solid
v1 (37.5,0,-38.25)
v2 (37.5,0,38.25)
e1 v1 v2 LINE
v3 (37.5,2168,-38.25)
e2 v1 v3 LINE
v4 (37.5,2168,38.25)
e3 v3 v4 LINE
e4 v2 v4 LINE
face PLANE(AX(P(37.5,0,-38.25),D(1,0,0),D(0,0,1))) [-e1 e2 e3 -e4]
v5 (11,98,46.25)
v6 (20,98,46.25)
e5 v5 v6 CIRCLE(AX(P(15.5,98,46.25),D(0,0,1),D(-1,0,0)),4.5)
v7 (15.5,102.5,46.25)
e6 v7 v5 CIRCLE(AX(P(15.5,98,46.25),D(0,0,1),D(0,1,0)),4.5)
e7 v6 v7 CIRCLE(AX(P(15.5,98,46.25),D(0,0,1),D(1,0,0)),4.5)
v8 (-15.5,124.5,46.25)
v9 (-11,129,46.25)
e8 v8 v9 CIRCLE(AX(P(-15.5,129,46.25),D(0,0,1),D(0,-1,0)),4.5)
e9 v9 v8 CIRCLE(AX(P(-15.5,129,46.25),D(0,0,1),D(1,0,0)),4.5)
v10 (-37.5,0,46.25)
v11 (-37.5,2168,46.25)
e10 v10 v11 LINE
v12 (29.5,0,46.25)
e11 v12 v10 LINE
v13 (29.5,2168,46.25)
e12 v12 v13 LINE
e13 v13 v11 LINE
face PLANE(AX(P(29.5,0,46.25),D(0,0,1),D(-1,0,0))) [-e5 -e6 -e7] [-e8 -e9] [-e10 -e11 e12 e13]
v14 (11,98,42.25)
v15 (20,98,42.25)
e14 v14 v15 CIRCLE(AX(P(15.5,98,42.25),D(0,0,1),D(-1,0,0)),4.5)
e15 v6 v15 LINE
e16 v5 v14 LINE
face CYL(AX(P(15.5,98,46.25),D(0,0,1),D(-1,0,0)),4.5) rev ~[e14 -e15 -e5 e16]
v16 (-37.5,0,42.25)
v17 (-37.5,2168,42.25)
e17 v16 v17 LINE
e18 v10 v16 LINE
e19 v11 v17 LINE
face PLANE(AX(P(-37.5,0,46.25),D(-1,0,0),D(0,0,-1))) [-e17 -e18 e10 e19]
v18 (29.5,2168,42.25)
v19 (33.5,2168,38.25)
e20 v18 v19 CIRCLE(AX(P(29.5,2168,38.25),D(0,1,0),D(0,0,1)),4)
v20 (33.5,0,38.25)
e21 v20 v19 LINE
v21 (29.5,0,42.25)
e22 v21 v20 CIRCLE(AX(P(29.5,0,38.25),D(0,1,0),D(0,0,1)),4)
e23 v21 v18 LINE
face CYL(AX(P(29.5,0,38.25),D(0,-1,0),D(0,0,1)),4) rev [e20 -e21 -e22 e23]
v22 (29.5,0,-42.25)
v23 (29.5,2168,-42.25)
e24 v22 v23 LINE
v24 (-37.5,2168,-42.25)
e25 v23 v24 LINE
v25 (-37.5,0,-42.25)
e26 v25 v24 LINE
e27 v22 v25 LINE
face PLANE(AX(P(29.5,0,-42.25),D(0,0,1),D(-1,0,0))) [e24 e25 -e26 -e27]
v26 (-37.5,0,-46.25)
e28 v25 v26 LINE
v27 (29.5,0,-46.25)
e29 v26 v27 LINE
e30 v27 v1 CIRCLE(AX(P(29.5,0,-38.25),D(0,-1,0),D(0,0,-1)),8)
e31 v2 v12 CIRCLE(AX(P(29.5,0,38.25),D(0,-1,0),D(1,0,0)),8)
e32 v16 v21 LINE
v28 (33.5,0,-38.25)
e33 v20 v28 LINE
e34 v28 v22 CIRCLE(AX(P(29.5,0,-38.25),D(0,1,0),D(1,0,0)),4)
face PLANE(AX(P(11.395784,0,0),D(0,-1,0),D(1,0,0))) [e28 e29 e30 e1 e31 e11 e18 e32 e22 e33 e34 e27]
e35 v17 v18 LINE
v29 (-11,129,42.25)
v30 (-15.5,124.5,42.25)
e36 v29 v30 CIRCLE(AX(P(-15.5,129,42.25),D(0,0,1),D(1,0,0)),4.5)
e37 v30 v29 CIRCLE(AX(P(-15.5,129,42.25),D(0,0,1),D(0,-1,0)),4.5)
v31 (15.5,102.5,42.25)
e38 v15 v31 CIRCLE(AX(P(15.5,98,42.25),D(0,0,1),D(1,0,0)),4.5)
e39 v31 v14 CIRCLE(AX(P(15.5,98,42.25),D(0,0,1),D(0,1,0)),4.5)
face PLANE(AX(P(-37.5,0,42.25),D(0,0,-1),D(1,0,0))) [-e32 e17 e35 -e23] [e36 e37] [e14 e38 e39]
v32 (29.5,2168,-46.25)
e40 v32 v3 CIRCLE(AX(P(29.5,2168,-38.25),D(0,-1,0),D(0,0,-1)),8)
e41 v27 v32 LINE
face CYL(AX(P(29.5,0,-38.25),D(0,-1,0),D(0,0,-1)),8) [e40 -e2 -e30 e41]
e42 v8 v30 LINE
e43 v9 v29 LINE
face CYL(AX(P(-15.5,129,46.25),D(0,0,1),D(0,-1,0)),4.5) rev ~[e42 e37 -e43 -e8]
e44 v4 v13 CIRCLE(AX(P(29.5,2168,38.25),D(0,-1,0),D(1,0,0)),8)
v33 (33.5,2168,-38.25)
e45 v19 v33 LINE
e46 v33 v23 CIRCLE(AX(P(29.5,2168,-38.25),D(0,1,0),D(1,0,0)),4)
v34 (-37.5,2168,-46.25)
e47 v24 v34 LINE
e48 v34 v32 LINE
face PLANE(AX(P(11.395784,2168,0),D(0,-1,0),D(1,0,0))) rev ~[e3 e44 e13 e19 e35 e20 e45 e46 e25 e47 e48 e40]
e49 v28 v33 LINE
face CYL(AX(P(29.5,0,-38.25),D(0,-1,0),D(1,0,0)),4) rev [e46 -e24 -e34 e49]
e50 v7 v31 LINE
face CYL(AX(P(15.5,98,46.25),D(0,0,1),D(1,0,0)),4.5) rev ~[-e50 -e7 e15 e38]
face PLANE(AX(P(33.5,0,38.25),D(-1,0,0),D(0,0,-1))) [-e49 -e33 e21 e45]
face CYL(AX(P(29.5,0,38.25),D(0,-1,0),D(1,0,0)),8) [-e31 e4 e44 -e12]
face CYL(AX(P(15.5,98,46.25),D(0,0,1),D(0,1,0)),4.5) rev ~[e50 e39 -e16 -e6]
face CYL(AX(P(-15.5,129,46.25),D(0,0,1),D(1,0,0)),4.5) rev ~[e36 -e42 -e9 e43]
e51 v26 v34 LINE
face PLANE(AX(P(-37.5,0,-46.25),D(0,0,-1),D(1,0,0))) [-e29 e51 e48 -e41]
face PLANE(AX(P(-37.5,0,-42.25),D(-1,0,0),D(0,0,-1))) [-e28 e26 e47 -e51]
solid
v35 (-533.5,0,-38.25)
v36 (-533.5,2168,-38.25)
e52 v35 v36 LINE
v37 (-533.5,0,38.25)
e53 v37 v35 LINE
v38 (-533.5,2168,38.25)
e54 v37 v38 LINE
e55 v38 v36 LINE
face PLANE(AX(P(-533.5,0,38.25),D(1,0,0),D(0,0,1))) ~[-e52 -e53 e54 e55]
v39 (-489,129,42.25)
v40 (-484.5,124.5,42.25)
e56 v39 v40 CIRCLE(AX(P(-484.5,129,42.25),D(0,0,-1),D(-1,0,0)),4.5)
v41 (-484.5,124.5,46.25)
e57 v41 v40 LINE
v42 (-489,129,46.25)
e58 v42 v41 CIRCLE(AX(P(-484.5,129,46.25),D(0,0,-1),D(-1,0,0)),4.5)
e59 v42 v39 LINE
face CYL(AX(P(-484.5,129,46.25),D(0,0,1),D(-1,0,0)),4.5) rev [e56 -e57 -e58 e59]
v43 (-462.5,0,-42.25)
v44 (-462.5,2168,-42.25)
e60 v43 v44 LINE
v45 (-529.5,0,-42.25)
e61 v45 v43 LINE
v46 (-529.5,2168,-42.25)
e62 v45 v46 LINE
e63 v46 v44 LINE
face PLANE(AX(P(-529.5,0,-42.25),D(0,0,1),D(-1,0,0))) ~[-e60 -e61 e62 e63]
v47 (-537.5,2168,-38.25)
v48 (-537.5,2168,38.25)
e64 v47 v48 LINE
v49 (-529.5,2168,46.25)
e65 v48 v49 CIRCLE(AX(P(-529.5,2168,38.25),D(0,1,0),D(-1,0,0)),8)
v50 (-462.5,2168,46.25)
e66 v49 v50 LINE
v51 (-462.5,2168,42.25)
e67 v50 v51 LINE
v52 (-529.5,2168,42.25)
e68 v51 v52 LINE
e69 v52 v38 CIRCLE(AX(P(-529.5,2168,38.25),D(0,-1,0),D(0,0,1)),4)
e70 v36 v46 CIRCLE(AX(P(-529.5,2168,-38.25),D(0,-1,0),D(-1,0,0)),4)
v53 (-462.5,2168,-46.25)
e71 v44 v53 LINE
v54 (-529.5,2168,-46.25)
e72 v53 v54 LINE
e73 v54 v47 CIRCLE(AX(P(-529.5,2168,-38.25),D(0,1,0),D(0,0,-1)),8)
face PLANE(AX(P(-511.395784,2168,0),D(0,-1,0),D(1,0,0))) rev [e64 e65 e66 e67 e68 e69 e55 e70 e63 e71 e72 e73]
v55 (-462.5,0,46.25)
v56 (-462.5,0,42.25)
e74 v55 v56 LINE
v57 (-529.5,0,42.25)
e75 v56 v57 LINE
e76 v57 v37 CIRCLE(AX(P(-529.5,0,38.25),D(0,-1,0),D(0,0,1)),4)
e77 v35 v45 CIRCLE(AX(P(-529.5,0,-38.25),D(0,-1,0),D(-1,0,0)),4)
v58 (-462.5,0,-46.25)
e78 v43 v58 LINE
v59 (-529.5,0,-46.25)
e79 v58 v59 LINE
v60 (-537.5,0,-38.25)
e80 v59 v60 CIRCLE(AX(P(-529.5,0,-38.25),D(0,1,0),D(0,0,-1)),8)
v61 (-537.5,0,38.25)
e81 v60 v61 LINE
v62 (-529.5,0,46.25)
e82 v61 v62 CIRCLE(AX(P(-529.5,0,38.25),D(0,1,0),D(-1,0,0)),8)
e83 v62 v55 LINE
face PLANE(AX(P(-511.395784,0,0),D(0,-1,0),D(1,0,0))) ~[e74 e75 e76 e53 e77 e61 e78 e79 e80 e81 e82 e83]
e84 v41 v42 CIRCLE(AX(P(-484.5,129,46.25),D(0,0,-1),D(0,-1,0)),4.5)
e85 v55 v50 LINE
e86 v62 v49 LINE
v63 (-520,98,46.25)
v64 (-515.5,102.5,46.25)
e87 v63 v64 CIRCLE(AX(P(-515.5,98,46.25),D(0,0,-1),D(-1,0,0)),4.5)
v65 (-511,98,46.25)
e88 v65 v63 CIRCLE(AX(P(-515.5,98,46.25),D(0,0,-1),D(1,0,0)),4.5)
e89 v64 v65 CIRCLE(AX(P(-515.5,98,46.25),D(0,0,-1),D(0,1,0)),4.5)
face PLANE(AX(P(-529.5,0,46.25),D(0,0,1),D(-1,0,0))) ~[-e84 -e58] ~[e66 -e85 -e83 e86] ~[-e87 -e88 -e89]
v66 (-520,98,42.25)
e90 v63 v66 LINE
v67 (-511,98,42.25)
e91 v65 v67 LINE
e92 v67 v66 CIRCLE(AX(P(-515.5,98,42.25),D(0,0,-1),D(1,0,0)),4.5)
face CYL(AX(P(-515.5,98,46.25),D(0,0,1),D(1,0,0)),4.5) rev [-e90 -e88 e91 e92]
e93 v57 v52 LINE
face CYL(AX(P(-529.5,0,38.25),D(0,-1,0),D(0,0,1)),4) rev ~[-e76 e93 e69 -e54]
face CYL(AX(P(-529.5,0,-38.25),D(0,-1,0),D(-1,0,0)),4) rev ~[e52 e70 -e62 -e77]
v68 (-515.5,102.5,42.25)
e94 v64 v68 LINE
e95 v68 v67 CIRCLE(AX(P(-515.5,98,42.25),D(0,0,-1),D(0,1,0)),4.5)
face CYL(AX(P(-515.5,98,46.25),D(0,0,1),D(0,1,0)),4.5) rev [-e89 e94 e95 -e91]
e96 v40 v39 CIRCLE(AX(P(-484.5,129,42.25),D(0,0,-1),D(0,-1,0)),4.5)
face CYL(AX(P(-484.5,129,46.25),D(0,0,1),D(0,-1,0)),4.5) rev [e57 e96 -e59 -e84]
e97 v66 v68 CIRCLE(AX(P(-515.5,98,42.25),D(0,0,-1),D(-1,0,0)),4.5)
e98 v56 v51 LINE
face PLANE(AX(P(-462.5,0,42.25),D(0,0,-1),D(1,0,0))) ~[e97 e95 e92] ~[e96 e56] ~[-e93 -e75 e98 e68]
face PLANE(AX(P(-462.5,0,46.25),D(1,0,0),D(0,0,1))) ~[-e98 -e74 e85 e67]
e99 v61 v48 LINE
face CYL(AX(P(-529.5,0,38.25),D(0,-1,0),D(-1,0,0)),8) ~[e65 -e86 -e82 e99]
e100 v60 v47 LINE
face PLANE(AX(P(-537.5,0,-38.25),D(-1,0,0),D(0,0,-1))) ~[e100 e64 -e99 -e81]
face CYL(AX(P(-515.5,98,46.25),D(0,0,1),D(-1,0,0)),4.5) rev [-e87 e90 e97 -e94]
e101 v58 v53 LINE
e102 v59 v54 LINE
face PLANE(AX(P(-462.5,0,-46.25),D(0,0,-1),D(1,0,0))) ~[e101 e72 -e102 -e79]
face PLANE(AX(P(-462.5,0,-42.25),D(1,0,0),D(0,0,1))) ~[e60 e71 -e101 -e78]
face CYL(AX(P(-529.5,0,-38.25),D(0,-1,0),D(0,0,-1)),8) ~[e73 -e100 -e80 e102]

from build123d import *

# Parameters (mm, degrees)
F1_DEPTH = 2168
F4_DEPTH = 4


with BuildPart() as f1:
    # F0 (on Front) → F1 (new body)
    with BuildSketch(Plane.XZ):
        with BuildLine():
            Line((-37.5, -42.25), (-37.5, -46.25))
            Line((-37.5, -46.25), (29.5, -46.25))
            ThreePointArc((29.5, -46.25), (35.1568542495, -43.9068542495), (37.5, -38.25))
            Line((37.5, -38.25), (37.5, 38.25))
            ThreePointArc((37.5, 38.25), (35.1568542495, 43.9068542495), (29.5, 46.25))
            Line((29.5, 46.25), (-37.5, 46.25))
            Line((-37.5, 46.25), (-37.5, 42.25))
            Line((-37.5, 42.25), (29.5, 42.25))
            ThreePointArc((29.5, 42.25), (32.3284271247, 41.0784271247), (33.5, 38.25))
            Line((33.5, 38.25), (33.5, -38.25))
            ThreePointArc((33.5, -38.25), (32.3284271247, -41.0784271247), (29.5, -42.25))
            Line((29.5, -42.25), (-37.5, -42.25))
        make_face()
    extrude(amount=-F1_DEPTH)

    # F3 (on offset) → F4 (cut, through all)
    with BuildSketch(Plane.XY.offset(46.25)):
        with BuildLine():
            Line((-15.5, 129), (-11, 129))
            ThreePointArc((-11, 129), (-18.6819805153, 132.1819805153), (-15.5, 124.5))
            Line((-15.5, 124.5), (-15.5, 129))
        make_face()
        with BuildLine():
            ThreePointArc((-15.5, 124.5), (-12.3180194847, 125.8180194847), (-11, 129))
            Line((-11, 129), (-15.5, 129))
            Line((-15.5, 129), (-15.5, 124.5))
        make_face()
        with BuildLine():
            ThreePointArc((15.5, 102.5), (12.3180194847, 101.1819805153), (11, 98))
            Line((11, 98), (15.5, 98))
            Line((15.5, 98), (15.5, 102.5))
        make_face()
        with BuildLine():
            Line((15.5, 98), (11, 98))
            ThreePointArc((11, 98), (15.5, 93.5), (20, 98))
            ThreePointArc((20, 98), (18.6819805153, 101.1819805153), (15.5, 102.5))
            Line((15.5, 102.5), (15.5, 98))
        make_face()
    extrude(amount=-F4_DEPTH, mode=Mode.SUBTRACT)


with BuildPart() as f6_1:
    # F6: instance of F1
    add(f1.part.mirror(Plane.YZ.offset(-250)))


solid = Compound([f1.part, f6_1.part])
